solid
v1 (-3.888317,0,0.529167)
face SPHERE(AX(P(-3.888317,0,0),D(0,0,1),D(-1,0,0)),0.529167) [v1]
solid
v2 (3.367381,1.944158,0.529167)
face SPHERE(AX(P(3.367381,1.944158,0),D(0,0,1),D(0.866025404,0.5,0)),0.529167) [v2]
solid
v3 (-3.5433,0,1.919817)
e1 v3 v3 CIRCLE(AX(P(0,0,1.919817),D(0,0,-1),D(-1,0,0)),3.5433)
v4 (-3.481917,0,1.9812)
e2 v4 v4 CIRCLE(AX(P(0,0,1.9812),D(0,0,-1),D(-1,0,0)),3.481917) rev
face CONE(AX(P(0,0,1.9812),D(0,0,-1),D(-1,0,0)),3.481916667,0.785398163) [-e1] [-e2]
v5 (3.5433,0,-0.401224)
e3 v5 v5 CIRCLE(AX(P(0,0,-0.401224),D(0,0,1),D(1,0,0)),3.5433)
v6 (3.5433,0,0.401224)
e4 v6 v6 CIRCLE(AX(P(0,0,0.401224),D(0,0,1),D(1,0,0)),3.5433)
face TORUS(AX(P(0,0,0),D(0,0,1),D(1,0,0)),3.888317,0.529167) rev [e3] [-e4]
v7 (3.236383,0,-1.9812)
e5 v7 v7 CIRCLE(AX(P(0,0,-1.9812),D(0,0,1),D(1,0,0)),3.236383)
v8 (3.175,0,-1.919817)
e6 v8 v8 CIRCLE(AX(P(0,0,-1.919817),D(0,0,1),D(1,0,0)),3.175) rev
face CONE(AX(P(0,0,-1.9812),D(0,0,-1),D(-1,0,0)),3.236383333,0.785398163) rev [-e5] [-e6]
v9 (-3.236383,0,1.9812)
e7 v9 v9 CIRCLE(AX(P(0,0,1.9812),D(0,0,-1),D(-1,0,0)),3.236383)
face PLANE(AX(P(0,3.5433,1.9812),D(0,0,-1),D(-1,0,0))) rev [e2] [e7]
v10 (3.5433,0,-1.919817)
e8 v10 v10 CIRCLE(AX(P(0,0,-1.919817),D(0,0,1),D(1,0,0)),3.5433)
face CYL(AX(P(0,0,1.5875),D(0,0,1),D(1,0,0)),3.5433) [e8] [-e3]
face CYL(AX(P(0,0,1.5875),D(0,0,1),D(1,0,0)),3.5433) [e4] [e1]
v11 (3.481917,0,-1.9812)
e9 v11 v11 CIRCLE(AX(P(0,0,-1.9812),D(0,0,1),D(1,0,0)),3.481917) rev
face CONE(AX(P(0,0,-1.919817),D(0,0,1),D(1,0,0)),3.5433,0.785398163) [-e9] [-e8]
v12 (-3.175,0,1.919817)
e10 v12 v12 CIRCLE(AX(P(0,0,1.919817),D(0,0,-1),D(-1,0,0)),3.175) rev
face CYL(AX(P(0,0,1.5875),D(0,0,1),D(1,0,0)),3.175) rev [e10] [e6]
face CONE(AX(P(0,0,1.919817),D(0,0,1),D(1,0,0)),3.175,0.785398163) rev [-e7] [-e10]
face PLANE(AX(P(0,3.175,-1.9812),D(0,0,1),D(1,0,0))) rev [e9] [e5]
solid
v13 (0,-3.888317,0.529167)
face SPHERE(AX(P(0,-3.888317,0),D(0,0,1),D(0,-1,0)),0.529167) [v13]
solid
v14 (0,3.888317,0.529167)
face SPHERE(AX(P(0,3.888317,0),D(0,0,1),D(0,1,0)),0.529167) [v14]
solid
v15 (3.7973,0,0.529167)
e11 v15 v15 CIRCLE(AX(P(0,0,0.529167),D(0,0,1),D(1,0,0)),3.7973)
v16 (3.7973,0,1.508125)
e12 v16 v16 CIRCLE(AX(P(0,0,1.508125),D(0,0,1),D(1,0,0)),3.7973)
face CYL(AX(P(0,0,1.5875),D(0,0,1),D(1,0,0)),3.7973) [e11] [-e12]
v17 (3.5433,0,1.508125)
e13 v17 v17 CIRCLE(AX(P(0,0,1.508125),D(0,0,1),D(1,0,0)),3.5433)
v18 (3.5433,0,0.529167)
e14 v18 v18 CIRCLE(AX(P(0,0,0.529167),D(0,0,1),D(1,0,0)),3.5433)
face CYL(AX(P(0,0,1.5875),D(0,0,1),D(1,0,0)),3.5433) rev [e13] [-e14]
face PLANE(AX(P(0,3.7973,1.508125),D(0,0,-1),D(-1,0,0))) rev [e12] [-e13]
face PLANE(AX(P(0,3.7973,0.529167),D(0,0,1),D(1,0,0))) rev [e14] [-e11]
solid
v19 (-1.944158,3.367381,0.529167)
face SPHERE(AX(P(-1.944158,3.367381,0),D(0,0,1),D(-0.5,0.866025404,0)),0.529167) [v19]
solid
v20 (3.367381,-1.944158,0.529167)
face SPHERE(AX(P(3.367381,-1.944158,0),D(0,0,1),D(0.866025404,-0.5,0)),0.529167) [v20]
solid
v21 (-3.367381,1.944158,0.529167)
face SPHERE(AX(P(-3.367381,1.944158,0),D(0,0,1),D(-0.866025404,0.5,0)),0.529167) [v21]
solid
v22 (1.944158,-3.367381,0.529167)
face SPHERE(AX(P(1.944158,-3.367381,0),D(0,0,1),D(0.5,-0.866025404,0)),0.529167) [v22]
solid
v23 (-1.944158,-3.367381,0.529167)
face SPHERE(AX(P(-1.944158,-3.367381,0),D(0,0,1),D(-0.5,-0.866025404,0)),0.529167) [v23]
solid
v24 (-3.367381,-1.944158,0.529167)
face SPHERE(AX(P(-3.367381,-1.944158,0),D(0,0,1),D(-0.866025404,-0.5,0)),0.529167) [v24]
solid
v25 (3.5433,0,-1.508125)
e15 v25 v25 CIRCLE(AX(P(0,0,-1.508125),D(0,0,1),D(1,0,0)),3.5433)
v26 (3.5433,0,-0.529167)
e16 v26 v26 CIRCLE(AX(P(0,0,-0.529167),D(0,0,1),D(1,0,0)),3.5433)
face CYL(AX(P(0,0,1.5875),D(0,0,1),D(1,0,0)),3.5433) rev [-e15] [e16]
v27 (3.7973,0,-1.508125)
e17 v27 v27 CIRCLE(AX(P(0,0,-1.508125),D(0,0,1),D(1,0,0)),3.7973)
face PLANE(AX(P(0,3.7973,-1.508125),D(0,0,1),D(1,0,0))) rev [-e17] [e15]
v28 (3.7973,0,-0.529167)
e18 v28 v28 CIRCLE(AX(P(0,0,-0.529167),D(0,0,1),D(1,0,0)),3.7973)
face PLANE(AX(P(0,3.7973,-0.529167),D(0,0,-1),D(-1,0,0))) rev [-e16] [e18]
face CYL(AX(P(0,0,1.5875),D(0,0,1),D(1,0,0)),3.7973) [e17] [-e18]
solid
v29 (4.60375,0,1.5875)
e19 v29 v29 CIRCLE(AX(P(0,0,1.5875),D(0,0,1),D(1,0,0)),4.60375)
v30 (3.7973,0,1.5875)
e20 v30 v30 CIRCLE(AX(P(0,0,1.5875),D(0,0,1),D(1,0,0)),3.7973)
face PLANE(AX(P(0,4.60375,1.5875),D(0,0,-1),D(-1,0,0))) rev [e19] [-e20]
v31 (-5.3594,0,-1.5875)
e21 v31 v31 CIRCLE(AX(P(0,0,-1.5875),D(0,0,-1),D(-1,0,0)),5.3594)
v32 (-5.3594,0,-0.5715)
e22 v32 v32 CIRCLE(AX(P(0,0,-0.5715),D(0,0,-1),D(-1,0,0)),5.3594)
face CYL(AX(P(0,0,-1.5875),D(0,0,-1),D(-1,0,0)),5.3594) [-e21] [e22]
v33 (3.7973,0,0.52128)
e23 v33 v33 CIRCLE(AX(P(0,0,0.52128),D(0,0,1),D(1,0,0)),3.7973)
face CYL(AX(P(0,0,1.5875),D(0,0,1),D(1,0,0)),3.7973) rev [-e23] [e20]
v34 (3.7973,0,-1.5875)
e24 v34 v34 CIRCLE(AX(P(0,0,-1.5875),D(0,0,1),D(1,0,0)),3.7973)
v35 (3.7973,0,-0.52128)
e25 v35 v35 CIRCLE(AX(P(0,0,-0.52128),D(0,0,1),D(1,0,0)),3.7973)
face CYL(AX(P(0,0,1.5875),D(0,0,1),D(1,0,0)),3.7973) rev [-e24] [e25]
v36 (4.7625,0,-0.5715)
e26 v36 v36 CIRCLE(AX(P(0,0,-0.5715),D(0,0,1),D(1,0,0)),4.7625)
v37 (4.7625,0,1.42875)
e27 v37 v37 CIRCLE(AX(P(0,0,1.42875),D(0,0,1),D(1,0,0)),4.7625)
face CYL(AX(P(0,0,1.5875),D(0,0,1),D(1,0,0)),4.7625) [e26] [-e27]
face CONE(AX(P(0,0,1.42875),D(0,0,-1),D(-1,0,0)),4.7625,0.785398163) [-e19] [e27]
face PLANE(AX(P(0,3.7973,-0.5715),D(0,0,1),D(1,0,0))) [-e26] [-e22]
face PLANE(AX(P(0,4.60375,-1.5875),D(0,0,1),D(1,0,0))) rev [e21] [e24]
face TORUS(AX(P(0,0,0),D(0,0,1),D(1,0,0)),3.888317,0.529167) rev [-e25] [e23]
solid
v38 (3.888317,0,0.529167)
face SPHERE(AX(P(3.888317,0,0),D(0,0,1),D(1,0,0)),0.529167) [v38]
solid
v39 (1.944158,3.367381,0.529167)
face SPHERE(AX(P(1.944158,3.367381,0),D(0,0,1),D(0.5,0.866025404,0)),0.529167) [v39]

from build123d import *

# Parameters (mm, degrees)
CHAMFER1_SIZE     = 0.061383333
CIRPATTERN1_COUNT = 12
SKETCH5_W         = 0.978958333
SKETCH5_H         = 0.254
SKETCH6_W         = 1.016
SKETCH6_H         = 1.5621


with BuildPart() as part:
    # Sketch1 → Revolve1 (revolve)
    with BuildSketch(Plane(origin=(0, 0, 0), x_dir=(0, 0, -1), z_dir=(1, 0, 0)), mode=Mode.PRIVATE) as revolve1_sk:
        with BuildLine():
            Line((1.42875, 4.7625), (-1.42875, 4.7625))
            Line((-1.42875, 4.7625), (-1.5875, 4.60375))
            Line((-1.5875, 4.60375), (-1.5875, 3.7973))
            Line((-1.5875, 3.7973), (-0.521280469, 3.7973))
            ThreePointArc((-0.521280469, 3.7973), (0, 4.417483333), (0.521280469, 3.7973))
            Line((0.521280469, 3.7973), (1.5875, 3.7973))
            Line((1.5875, 3.7973), (1.5875, 4.60375))
            Line((1.5875, 4.60375), (1.42875, 4.7625))
        make_face()
        with BuildLine():
            Line((1.9812, 3.5433), (0.401224203, 3.5433))
            ThreePointArc((0.401224203, 3.5433), (0, 3.35915), (-0.401224203, 3.5433))
            Line((-0.401224203, 3.5433), (-1.9812, 3.5433))
            Line((-1.9812, 3.5433), (-1.9812, 3.175))
            Line((-1.9812, 3.175), (1.9812, 3.175))
            Line((1.9812, 3.175), (1.9812, 3.5433))
        make_face()
    revolve(revolve1_sk.sketch.rotate(Axis((0, 0, 1.5875), (0, 0, -1)), 90), axis=Axis((0, 0, 1.5875), (0, 0, -1)))

    # Chamfer1
    chamfer1_edges = [part.edges().sort_by_distance(p)[0] for p in [
        (-3.5433, 0, -1.9812),
        (-3.175, 0, -1.9812),
        (-3.175, 0, 1.9812),
        (-3.5433, 0, 1.9812),
    ]]
    chamfer(chamfer1_edges, length=CHAMFER1_SIZE)

    # Sketch6 → Revolve6 (revolve)
    with BuildSketch(Plane(origin=(0, 0, 0), x_dir=(0, 0, -1), z_dir=(1, 0, 0)), mode=Mode.PRIVATE) as revolve6_sk:
        with Locations((1.0795, 4.57835)):
            Rectangle(SKETCH6_W, SKETCH6_H)
    revolve(revolve6_sk.sketch.rotate(Axis((0, 0, -1.5875), (0, 0, 1)), 90), axis=Axis((0, 0, -1.5875), (0, 0, 1)))


with BuildPart() as body_2:
    # Sketch4 → Revolve4 (revolve)
    with BuildSketch(Plane(origin=(0, 0, 0), x_dir=(0, 0, -1), z_dir=(1, 0, 0))):
        with BuildLine():
            Line((-0.529166667, 3.888316667), (0.529166667, 3.888316667))
            ThreePointArc((0.529166667, 3.888316667), (0, 4.417483333), (-0.529166667, 3.888316667))
        make_face()
    revolve(axis=Axis((0, 3.888316667, 0.529166667), (0, 0, -1)))


with BuildPart() as cirpattern1_1:
    # CirPattern1: pattern copy
    add(body_2.part.rotate(Axis((0, 0, 0), (0, 0, 1)), 1 * 360 / CIRPATTERN1_COUNT))


with BuildPart() as cirpattern1_2:
    # CirPattern1: pattern copy
    add(body_2.part.rotate(Axis((0, 0, 0), (0, 0, 1)), 2 * 360 / CIRPATTERN1_COUNT))


with BuildPart() as cirpattern1_3:
    # CirPattern1: pattern copy
    add(body_2.part.rotate(Axis((0, 0, 0), (0, 0, 1)), 3 * 360 / CIRPATTERN1_COUNT))


with BuildPart() as cirpattern1_4:
    # CirPattern1: pattern copy
    add(body_2.part.rotate(Axis((0, 0, 0), (0, 0, 1)), 4 * 360 / CIRPATTERN1_COUNT))


with BuildPart() as cirpattern1_5:
    # CirPattern1: pattern copy
    add(body_2.part.rotate(Axis((0, 0, 0), (0, 0, 1)), 5 * 360 / CIRPATTERN1_COUNT))


with BuildPart() as cirpattern1_6:
    # CirPattern1: pattern copy
    add(body_2.part.rotate(Axis((0, 0, 0), (0, 0, 1)), 6 * 360 / CIRPATTERN1_COUNT))


with BuildPart() as cirpattern1_7:
    # CirPattern1: pattern copy
    add(body_2.part.rotate(Axis((0, 0, 0), (0, 0, 1)), 7 * 360 / CIRPATTERN1_COUNT))


with BuildPart() as cirpattern1_8:
    # CirPattern1: pattern copy
    add(body_2.part.rotate(Axis((0, 0, 0), (0, 0, 1)), 8 * 360 / CIRPATTERN1_COUNT))


with BuildPart() as cirpattern1_9:
    # CirPattern1: pattern copy
    add(body_2.part.rotate(Axis((0, 0, 0), (0, 0, 1)), 9 * 360 / CIRPATTERN1_COUNT))


with BuildPart() as cirpattern1_10:
    # CirPattern1: pattern copy
    add(body_2.part.rotate(Axis((0, 0, 0), (0, 0, 1)), 10 * 360 / CIRPATTERN1_COUNT))


with BuildPart() as cirpattern1_11:
    # CirPattern1: pattern copy
    add(body_2.part.rotate(Axis((0, 0, 0), (0, 0, 1)), 11 * 360 / CIRPATTERN1_COUNT))


with BuildPart() as body_14:
    # Sketch5 → Revolve5 (revolve)
    with BuildSketch(Plane(origin=(0, 0, 0), x_dir=(0, 0, -1), z_dir=(1, 0, 0)), mode=Mode.PRIVATE) as revolve5_sk:
        with Locations((-1.018645834, 3.6703)):
            Rectangle(SKETCH5_W, SKETCH5_H)
        with Locations((1.018645834, 3.6703)):
            Rectangle(SKETCH5_W, SKETCH5_H)
    revolve(revolve5_sk.sketch.rotate(Axis((0, 0, 1.5875), (0, 0, -1)), 90), axis=Axis((0, 0, 1.5875), (0, 0, -1)))


solid = Compound([part.part, body_2.part, cirpattern1_1.part, cirpattern1_2.part, cirpattern1_3.part, cirpattern1_4.part, cirpattern1_5.part, cirpattern1_6.part, cirpattern1_7.part, cirpattern1_8.part, cirpattern1_9.part, cirpattern1_10.part, cirpattern1_11.part, body_14.part])
